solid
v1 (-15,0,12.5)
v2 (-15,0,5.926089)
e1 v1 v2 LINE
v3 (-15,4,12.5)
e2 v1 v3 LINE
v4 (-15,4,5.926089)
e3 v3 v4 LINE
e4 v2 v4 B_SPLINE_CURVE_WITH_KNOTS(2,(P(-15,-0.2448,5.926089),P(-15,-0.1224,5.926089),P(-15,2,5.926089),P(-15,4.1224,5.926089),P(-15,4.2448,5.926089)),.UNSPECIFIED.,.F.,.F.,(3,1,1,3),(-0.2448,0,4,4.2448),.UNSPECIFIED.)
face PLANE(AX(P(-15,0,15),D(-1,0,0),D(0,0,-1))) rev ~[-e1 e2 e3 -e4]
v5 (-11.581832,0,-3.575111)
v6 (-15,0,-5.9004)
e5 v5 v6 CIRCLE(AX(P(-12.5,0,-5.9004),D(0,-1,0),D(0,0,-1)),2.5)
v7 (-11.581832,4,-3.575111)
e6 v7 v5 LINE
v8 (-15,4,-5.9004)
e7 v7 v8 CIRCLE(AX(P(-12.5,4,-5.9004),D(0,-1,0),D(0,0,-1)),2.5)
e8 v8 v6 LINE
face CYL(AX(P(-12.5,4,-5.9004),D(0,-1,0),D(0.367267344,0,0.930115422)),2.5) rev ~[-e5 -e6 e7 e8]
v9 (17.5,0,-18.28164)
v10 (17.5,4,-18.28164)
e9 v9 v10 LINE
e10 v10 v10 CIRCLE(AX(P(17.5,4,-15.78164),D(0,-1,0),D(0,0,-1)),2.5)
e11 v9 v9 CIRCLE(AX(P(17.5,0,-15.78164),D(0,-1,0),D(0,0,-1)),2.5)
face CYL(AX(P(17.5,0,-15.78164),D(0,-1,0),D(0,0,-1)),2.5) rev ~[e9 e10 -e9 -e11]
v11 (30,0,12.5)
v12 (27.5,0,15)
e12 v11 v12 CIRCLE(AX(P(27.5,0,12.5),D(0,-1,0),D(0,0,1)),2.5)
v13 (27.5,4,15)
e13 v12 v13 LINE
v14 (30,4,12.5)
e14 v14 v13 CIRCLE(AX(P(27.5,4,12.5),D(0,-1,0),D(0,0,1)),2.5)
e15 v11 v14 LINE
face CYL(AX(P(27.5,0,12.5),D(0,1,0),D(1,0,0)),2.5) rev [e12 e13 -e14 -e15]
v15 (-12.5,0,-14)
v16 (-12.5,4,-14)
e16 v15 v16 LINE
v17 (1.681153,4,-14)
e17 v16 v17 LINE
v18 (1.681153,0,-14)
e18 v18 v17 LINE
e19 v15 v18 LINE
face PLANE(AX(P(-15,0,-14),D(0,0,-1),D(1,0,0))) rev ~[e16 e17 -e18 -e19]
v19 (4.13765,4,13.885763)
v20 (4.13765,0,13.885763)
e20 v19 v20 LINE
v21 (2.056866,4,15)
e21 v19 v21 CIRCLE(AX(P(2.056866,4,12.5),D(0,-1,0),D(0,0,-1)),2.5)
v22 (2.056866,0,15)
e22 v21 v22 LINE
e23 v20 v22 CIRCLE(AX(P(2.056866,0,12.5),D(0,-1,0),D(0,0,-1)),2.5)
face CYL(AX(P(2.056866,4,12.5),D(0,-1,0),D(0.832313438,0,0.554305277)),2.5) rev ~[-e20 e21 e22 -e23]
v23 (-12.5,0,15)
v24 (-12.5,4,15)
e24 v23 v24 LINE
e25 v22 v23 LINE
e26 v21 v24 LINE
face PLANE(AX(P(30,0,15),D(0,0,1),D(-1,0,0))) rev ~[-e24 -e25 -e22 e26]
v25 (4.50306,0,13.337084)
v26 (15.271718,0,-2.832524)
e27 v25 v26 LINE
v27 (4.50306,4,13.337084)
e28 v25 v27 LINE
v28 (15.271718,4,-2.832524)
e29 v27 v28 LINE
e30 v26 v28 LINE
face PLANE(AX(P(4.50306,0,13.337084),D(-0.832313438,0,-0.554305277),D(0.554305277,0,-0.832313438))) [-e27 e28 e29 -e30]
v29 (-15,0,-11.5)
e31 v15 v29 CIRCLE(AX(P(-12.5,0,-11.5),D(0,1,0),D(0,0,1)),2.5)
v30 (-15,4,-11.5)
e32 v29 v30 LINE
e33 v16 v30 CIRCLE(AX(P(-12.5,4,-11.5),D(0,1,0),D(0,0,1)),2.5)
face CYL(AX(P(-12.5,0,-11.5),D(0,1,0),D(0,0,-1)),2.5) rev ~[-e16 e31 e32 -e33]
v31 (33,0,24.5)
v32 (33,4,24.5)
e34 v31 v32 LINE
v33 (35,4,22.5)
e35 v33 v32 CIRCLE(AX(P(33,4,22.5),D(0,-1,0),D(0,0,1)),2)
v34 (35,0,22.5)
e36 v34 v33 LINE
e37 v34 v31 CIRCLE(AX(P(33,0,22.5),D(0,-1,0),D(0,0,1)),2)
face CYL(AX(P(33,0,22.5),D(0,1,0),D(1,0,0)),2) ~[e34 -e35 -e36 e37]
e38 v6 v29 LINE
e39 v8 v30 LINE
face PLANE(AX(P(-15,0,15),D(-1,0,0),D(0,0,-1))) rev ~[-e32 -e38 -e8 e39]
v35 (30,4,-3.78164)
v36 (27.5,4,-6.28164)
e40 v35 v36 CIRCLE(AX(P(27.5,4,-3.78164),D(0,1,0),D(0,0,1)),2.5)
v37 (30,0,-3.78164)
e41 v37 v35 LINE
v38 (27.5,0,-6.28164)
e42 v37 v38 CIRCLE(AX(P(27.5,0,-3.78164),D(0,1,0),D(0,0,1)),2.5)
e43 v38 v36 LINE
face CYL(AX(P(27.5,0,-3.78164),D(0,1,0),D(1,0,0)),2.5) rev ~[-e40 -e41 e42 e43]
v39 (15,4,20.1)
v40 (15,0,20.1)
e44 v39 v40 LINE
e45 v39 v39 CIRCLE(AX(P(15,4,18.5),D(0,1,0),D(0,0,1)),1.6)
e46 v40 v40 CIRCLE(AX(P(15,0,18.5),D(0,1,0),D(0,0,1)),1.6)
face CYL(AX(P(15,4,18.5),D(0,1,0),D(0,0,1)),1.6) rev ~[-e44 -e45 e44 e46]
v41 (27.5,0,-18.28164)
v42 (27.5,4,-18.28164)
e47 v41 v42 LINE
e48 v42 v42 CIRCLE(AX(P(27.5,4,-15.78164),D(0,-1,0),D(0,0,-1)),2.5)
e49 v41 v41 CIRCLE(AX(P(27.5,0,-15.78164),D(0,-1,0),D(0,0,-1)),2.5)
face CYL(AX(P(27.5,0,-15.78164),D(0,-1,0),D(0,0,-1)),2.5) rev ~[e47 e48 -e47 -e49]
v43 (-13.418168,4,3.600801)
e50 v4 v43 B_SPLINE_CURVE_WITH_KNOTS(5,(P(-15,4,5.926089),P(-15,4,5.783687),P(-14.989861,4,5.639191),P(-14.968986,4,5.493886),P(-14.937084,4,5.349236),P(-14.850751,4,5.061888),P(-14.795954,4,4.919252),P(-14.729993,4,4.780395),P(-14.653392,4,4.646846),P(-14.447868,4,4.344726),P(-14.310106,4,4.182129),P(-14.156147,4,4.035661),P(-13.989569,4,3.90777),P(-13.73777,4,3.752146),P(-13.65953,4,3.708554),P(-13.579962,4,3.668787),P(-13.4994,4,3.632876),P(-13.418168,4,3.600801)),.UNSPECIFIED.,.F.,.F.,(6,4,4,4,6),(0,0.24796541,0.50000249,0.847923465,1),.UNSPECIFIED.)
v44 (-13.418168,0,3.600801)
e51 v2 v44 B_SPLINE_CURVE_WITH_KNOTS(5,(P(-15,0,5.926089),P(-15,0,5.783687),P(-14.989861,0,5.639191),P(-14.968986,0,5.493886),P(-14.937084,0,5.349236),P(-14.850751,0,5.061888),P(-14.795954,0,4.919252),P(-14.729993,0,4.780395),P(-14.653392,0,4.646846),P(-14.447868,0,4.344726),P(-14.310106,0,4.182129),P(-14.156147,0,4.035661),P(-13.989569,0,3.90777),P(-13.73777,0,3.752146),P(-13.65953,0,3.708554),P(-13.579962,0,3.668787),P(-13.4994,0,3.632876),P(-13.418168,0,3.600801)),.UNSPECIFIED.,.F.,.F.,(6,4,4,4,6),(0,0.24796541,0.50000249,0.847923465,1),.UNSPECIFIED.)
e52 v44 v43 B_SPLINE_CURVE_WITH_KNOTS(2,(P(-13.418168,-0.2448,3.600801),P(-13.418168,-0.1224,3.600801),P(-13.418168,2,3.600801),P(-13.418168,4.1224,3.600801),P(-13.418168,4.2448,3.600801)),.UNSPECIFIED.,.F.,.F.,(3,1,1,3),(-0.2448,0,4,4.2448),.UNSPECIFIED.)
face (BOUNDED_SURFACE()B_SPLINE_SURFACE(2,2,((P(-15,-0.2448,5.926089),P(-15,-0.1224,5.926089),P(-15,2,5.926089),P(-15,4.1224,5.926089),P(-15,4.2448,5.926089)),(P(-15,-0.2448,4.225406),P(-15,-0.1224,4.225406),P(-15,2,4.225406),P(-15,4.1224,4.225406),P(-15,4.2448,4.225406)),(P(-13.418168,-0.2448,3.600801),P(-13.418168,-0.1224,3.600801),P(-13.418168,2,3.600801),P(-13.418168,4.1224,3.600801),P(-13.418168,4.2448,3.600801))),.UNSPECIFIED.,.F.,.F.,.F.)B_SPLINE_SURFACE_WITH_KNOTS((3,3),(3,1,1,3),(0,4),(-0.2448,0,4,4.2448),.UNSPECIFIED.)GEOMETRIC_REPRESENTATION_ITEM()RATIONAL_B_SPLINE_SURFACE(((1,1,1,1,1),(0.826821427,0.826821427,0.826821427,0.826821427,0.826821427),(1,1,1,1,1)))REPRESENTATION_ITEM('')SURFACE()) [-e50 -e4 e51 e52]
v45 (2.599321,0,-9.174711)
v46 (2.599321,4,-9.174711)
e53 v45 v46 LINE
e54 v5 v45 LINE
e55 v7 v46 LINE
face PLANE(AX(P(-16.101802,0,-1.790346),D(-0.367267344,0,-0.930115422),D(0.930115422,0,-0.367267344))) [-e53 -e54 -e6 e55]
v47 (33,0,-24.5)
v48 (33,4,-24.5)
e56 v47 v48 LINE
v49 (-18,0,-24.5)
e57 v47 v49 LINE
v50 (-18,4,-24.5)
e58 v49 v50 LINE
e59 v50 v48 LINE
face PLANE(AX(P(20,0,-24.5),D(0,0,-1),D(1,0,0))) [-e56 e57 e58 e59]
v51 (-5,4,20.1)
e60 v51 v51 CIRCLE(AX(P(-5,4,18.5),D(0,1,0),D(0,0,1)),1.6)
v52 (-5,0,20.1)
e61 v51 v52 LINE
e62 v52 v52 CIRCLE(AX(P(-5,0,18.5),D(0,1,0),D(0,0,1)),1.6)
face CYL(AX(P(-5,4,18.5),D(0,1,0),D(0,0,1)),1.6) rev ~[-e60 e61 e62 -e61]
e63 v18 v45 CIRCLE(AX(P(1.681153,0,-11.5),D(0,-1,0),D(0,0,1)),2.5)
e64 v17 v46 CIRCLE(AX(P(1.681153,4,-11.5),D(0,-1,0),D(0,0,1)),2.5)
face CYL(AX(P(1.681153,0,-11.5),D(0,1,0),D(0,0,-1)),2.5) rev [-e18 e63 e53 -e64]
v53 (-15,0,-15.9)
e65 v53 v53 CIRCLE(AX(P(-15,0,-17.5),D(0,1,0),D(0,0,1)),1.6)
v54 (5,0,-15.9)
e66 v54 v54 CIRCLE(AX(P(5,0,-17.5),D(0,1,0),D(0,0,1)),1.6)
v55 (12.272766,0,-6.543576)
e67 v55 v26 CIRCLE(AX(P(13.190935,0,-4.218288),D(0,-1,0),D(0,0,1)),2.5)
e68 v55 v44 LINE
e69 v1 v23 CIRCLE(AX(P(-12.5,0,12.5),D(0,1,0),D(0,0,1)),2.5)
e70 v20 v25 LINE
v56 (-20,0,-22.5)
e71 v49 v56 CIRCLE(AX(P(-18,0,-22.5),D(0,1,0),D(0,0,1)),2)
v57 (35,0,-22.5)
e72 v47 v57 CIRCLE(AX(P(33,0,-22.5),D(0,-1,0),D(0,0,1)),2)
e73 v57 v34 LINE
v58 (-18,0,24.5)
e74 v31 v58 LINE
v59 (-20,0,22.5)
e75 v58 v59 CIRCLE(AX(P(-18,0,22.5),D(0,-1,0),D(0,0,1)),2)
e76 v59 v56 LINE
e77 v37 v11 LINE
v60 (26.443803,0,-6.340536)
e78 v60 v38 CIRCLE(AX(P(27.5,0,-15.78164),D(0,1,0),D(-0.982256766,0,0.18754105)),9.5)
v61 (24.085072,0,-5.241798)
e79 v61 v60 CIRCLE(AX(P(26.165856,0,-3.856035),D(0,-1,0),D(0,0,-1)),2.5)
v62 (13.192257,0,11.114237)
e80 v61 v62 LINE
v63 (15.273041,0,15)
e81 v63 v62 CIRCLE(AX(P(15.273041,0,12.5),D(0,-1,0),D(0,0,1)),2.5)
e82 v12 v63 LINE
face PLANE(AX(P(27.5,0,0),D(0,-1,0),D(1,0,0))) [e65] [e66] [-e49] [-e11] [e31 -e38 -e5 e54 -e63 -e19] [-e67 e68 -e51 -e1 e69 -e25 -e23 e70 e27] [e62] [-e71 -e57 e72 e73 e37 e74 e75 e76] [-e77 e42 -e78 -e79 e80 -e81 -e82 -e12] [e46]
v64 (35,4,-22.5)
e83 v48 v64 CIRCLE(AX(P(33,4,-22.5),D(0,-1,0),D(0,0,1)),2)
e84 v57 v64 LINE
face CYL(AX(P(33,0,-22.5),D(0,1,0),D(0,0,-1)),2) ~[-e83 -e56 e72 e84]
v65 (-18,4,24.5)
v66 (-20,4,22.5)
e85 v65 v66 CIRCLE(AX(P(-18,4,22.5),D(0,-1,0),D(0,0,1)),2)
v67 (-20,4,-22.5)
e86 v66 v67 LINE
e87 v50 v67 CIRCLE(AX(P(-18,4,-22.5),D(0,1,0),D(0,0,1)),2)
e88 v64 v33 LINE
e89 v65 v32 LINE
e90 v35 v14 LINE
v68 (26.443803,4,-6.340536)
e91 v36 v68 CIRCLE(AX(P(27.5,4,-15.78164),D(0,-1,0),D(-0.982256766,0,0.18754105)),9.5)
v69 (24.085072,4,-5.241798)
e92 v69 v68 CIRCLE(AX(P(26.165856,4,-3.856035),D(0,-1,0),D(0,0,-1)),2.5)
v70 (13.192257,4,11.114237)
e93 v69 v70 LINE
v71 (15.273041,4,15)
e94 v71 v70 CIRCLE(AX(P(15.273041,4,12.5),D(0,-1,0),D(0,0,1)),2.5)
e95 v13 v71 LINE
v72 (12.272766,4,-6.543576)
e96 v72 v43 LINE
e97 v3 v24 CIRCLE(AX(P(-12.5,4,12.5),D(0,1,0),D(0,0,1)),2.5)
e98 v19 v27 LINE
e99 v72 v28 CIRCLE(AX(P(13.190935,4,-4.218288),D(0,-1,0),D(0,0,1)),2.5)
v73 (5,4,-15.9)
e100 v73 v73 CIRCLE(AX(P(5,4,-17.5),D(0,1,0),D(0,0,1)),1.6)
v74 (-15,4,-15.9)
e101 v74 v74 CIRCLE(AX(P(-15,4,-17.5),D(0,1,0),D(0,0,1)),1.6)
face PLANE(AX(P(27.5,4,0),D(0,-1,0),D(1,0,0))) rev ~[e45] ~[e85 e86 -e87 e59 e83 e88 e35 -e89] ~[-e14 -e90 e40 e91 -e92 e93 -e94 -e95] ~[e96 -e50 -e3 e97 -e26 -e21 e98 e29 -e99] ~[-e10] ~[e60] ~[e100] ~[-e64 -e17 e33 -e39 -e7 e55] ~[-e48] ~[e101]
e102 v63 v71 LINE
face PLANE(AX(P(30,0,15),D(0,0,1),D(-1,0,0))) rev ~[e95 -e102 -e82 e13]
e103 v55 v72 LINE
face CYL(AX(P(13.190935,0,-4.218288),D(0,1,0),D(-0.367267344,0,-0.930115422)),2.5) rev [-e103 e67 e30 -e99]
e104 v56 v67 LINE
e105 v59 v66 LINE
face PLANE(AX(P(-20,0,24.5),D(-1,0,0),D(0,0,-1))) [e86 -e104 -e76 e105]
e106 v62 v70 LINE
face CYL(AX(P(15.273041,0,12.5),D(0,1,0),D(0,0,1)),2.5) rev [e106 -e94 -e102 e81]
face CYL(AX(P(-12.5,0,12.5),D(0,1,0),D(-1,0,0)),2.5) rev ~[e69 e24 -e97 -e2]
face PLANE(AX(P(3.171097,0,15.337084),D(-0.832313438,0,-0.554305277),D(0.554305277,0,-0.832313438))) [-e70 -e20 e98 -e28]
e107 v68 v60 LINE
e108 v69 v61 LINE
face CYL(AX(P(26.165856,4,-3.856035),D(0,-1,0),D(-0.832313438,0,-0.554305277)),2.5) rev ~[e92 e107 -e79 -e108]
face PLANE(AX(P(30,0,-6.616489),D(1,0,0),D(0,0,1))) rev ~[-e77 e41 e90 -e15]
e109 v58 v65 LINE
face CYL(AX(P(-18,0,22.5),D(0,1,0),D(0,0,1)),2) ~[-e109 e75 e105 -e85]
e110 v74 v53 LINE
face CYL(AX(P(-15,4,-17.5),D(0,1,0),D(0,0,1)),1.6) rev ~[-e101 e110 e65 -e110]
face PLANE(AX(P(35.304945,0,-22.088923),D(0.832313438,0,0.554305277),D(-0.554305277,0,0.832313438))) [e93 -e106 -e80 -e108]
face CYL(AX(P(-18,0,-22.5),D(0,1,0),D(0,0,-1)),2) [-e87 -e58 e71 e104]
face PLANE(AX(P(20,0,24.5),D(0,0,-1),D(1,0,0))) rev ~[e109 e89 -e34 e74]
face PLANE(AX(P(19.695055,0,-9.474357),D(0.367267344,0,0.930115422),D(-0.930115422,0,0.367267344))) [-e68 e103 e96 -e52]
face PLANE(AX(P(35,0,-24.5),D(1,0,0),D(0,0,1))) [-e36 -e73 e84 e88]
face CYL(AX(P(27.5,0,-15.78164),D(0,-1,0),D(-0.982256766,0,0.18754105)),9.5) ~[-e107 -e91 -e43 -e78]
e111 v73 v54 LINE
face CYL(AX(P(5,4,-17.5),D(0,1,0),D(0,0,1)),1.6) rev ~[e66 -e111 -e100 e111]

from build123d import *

# Parameters (mm, degrees)
SKETCH_1_W          = 40
SKETCH_1_H          = 49
EXTRUDE_1_DEPTH     = 4
SKETCH_3_R          = 1.6
CUT_EXTRUDE_1_DEPTH = 4
SKETCH_5_W          = 15
SKETCH_5_H          = 49
SKETCH_5_R          = 2.5
EXTRUDE_2_DEPTH     = 4
CUT_EXTRUDE_2_DEPTH = 10
EXTRUDE_2_2_DEPTH   = 4
SKETCH_10_R         = 2.5
CUT_EXTRUDE_4_DEPTH = 4
FILLET_3_R          = 2.5
FILLET_4_R          = 2
SKETCH_11_R         = 2.5
CUT_EXTRUDE_5_DEPTH = 10


with BuildPart() as part:
    # 草图1 → 凸台-拉伸1 (new body)
    with BuildSketch(Plane(origin=(0, 0, 0), x_dir=(1, 0, 0), z_dir=(0, 1, 0))):
        Rectangle(SKETCH_1_W, SKETCH_1_H)
    extrude(amount=EXTRUDE_1_DEPTH)

    # 草图3 → 切除-拉伸1 (cut)
    with BuildSketch(Plane(origin=(0, 4, 0), x_dir=(1, 0, 0), z_dir=(0, 1, 0))):
        with Locations(Location((-5, -18.5, 0), (0, 0, 270))):
            Circle(SKETCH_3_R)
        with Locations(Location((15, -18.5, 0), (0, 0, 270))):
            Circle(SKETCH_3_R)
        with Locations(Location((-15, 17.5, 0), (0, 0, 270))):
            Circle(SKETCH_3_R)
        with Locations(Location((5, 17.5, 0), (0, 0, 270))):
            Circle(SKETCH_3_R)
    extrude(amount=-CUT_EXTRUDE_1_DEPTH, mode=Mode.SUBTRACT)

    # 草图5 → Extrude 2 (add)
    with BuildSketch(Plane.XZ):
        with Locations((27.5, 0)):
            Rectangle(SKETCH_5_W, SKETCH_5_H)
        with Locations(Location((27.5, -15.781639971, 0), (0, 0, 270))):
            Circle(SKETCH_5_R, mode=Mode.SUBTRACT)
    extrude(amount=-EXTRUDE_2_DEPTH)

    # 草图6 → 切除-拉伸2 (cut)
    with BuildSketch(Plane.XZ):
        with BuildLine():
            Line((30, 15), (-15, 15))
            Line((-15, 15), (-15, -14))
            Line((-15, -14), (18.168560721, -14))
            ThreePointArc((18.168560721, -14), (22.470467132, -7.722247989), (30, -6.616488581))
            Line((30, -6.616488581), (30, 15))
        make_face()
    extrude(amount=-CUT_EXTRUDE_2_DEPTH, mode=Mode.SUBTRACT)

    # 草图8 → Extrude 2 2 (add)
    with BuildSketch(Plane.XZ):
        Polygon((-18.101802033, -1.000622031), (-16.101802033, -1.790346265), (35.304944651, -22.088923087), (9.496940315, 16.662915832), (8.164977494, 18.662915832), (3.171096865, 15.337084168), (4.503059685, 13.337084168), (19.695055349, -9.474356855), (-13.898197967, 3.790346265), (-15.898197967, 4.580070499), align=None)
    extrude(amount=-EXTRUDE_2_2_DEPTH)

    # 草图10 → 切除-拉伸4 (cut)
    with BuildSketch(Plane.XZ):
        with Locations(Location((27.5, -15.781639971, 0), (0, 0, 270))):
            Circle(SKETCH_10_R)
        Polygon((35.304944651, -22.088923087), (35, -21.968511997), (35, -21.631035455), align=None)
    extrude(amount=-CUT_EXTRUDE_4_DEPTH, mode=Mode.SUBTRACT)

    # 圆角3
    fillet_3_edges = [part.edges().sort_by_distance(p)[0] for p in [
        (30, 2, -6.616488581),
        (-15, 2, -14),
        (-15, 2, 15),
        (30, 2, 15),
        (3.395588654, 2, 15),
        (10.604411346, 2, 15),
        (-15, 2, 4.225406148),
        (-15, 2, -2.225406148),
        (14.819507483, 2, -14),
        (25.000500065, 2, -6.616352192),
        (19.695055349, 2, -9.474356855),
    ]]
    fillet(fillet_3_edges, radius=FILLET_3_R)

    # 圆角4
    fillet_4_edges = [part.edges().sort_by_distance(p)[0] for p in [
        (35, 2, 24.5),
        (35, 2, -24.5),
        (-20, 2, 24.5),
        (-20, 2, -24.5),
    ]]
    fillet(fillet_4_edges, radius=FILLET_4_R)

    # 草图11 → 切除-拉伸5 (cut)
    with BuildSketch(Plane.XZ):
        with Locations(Location((17.5, -15.781639971, 0), (0, 0, 270))):
            Circle(SKETCH_11_R)
    extrude(amount=-CUT_EXTRUDE_5_DEPTH, mode=Mode.SUBTRACT)


solid = part.part
